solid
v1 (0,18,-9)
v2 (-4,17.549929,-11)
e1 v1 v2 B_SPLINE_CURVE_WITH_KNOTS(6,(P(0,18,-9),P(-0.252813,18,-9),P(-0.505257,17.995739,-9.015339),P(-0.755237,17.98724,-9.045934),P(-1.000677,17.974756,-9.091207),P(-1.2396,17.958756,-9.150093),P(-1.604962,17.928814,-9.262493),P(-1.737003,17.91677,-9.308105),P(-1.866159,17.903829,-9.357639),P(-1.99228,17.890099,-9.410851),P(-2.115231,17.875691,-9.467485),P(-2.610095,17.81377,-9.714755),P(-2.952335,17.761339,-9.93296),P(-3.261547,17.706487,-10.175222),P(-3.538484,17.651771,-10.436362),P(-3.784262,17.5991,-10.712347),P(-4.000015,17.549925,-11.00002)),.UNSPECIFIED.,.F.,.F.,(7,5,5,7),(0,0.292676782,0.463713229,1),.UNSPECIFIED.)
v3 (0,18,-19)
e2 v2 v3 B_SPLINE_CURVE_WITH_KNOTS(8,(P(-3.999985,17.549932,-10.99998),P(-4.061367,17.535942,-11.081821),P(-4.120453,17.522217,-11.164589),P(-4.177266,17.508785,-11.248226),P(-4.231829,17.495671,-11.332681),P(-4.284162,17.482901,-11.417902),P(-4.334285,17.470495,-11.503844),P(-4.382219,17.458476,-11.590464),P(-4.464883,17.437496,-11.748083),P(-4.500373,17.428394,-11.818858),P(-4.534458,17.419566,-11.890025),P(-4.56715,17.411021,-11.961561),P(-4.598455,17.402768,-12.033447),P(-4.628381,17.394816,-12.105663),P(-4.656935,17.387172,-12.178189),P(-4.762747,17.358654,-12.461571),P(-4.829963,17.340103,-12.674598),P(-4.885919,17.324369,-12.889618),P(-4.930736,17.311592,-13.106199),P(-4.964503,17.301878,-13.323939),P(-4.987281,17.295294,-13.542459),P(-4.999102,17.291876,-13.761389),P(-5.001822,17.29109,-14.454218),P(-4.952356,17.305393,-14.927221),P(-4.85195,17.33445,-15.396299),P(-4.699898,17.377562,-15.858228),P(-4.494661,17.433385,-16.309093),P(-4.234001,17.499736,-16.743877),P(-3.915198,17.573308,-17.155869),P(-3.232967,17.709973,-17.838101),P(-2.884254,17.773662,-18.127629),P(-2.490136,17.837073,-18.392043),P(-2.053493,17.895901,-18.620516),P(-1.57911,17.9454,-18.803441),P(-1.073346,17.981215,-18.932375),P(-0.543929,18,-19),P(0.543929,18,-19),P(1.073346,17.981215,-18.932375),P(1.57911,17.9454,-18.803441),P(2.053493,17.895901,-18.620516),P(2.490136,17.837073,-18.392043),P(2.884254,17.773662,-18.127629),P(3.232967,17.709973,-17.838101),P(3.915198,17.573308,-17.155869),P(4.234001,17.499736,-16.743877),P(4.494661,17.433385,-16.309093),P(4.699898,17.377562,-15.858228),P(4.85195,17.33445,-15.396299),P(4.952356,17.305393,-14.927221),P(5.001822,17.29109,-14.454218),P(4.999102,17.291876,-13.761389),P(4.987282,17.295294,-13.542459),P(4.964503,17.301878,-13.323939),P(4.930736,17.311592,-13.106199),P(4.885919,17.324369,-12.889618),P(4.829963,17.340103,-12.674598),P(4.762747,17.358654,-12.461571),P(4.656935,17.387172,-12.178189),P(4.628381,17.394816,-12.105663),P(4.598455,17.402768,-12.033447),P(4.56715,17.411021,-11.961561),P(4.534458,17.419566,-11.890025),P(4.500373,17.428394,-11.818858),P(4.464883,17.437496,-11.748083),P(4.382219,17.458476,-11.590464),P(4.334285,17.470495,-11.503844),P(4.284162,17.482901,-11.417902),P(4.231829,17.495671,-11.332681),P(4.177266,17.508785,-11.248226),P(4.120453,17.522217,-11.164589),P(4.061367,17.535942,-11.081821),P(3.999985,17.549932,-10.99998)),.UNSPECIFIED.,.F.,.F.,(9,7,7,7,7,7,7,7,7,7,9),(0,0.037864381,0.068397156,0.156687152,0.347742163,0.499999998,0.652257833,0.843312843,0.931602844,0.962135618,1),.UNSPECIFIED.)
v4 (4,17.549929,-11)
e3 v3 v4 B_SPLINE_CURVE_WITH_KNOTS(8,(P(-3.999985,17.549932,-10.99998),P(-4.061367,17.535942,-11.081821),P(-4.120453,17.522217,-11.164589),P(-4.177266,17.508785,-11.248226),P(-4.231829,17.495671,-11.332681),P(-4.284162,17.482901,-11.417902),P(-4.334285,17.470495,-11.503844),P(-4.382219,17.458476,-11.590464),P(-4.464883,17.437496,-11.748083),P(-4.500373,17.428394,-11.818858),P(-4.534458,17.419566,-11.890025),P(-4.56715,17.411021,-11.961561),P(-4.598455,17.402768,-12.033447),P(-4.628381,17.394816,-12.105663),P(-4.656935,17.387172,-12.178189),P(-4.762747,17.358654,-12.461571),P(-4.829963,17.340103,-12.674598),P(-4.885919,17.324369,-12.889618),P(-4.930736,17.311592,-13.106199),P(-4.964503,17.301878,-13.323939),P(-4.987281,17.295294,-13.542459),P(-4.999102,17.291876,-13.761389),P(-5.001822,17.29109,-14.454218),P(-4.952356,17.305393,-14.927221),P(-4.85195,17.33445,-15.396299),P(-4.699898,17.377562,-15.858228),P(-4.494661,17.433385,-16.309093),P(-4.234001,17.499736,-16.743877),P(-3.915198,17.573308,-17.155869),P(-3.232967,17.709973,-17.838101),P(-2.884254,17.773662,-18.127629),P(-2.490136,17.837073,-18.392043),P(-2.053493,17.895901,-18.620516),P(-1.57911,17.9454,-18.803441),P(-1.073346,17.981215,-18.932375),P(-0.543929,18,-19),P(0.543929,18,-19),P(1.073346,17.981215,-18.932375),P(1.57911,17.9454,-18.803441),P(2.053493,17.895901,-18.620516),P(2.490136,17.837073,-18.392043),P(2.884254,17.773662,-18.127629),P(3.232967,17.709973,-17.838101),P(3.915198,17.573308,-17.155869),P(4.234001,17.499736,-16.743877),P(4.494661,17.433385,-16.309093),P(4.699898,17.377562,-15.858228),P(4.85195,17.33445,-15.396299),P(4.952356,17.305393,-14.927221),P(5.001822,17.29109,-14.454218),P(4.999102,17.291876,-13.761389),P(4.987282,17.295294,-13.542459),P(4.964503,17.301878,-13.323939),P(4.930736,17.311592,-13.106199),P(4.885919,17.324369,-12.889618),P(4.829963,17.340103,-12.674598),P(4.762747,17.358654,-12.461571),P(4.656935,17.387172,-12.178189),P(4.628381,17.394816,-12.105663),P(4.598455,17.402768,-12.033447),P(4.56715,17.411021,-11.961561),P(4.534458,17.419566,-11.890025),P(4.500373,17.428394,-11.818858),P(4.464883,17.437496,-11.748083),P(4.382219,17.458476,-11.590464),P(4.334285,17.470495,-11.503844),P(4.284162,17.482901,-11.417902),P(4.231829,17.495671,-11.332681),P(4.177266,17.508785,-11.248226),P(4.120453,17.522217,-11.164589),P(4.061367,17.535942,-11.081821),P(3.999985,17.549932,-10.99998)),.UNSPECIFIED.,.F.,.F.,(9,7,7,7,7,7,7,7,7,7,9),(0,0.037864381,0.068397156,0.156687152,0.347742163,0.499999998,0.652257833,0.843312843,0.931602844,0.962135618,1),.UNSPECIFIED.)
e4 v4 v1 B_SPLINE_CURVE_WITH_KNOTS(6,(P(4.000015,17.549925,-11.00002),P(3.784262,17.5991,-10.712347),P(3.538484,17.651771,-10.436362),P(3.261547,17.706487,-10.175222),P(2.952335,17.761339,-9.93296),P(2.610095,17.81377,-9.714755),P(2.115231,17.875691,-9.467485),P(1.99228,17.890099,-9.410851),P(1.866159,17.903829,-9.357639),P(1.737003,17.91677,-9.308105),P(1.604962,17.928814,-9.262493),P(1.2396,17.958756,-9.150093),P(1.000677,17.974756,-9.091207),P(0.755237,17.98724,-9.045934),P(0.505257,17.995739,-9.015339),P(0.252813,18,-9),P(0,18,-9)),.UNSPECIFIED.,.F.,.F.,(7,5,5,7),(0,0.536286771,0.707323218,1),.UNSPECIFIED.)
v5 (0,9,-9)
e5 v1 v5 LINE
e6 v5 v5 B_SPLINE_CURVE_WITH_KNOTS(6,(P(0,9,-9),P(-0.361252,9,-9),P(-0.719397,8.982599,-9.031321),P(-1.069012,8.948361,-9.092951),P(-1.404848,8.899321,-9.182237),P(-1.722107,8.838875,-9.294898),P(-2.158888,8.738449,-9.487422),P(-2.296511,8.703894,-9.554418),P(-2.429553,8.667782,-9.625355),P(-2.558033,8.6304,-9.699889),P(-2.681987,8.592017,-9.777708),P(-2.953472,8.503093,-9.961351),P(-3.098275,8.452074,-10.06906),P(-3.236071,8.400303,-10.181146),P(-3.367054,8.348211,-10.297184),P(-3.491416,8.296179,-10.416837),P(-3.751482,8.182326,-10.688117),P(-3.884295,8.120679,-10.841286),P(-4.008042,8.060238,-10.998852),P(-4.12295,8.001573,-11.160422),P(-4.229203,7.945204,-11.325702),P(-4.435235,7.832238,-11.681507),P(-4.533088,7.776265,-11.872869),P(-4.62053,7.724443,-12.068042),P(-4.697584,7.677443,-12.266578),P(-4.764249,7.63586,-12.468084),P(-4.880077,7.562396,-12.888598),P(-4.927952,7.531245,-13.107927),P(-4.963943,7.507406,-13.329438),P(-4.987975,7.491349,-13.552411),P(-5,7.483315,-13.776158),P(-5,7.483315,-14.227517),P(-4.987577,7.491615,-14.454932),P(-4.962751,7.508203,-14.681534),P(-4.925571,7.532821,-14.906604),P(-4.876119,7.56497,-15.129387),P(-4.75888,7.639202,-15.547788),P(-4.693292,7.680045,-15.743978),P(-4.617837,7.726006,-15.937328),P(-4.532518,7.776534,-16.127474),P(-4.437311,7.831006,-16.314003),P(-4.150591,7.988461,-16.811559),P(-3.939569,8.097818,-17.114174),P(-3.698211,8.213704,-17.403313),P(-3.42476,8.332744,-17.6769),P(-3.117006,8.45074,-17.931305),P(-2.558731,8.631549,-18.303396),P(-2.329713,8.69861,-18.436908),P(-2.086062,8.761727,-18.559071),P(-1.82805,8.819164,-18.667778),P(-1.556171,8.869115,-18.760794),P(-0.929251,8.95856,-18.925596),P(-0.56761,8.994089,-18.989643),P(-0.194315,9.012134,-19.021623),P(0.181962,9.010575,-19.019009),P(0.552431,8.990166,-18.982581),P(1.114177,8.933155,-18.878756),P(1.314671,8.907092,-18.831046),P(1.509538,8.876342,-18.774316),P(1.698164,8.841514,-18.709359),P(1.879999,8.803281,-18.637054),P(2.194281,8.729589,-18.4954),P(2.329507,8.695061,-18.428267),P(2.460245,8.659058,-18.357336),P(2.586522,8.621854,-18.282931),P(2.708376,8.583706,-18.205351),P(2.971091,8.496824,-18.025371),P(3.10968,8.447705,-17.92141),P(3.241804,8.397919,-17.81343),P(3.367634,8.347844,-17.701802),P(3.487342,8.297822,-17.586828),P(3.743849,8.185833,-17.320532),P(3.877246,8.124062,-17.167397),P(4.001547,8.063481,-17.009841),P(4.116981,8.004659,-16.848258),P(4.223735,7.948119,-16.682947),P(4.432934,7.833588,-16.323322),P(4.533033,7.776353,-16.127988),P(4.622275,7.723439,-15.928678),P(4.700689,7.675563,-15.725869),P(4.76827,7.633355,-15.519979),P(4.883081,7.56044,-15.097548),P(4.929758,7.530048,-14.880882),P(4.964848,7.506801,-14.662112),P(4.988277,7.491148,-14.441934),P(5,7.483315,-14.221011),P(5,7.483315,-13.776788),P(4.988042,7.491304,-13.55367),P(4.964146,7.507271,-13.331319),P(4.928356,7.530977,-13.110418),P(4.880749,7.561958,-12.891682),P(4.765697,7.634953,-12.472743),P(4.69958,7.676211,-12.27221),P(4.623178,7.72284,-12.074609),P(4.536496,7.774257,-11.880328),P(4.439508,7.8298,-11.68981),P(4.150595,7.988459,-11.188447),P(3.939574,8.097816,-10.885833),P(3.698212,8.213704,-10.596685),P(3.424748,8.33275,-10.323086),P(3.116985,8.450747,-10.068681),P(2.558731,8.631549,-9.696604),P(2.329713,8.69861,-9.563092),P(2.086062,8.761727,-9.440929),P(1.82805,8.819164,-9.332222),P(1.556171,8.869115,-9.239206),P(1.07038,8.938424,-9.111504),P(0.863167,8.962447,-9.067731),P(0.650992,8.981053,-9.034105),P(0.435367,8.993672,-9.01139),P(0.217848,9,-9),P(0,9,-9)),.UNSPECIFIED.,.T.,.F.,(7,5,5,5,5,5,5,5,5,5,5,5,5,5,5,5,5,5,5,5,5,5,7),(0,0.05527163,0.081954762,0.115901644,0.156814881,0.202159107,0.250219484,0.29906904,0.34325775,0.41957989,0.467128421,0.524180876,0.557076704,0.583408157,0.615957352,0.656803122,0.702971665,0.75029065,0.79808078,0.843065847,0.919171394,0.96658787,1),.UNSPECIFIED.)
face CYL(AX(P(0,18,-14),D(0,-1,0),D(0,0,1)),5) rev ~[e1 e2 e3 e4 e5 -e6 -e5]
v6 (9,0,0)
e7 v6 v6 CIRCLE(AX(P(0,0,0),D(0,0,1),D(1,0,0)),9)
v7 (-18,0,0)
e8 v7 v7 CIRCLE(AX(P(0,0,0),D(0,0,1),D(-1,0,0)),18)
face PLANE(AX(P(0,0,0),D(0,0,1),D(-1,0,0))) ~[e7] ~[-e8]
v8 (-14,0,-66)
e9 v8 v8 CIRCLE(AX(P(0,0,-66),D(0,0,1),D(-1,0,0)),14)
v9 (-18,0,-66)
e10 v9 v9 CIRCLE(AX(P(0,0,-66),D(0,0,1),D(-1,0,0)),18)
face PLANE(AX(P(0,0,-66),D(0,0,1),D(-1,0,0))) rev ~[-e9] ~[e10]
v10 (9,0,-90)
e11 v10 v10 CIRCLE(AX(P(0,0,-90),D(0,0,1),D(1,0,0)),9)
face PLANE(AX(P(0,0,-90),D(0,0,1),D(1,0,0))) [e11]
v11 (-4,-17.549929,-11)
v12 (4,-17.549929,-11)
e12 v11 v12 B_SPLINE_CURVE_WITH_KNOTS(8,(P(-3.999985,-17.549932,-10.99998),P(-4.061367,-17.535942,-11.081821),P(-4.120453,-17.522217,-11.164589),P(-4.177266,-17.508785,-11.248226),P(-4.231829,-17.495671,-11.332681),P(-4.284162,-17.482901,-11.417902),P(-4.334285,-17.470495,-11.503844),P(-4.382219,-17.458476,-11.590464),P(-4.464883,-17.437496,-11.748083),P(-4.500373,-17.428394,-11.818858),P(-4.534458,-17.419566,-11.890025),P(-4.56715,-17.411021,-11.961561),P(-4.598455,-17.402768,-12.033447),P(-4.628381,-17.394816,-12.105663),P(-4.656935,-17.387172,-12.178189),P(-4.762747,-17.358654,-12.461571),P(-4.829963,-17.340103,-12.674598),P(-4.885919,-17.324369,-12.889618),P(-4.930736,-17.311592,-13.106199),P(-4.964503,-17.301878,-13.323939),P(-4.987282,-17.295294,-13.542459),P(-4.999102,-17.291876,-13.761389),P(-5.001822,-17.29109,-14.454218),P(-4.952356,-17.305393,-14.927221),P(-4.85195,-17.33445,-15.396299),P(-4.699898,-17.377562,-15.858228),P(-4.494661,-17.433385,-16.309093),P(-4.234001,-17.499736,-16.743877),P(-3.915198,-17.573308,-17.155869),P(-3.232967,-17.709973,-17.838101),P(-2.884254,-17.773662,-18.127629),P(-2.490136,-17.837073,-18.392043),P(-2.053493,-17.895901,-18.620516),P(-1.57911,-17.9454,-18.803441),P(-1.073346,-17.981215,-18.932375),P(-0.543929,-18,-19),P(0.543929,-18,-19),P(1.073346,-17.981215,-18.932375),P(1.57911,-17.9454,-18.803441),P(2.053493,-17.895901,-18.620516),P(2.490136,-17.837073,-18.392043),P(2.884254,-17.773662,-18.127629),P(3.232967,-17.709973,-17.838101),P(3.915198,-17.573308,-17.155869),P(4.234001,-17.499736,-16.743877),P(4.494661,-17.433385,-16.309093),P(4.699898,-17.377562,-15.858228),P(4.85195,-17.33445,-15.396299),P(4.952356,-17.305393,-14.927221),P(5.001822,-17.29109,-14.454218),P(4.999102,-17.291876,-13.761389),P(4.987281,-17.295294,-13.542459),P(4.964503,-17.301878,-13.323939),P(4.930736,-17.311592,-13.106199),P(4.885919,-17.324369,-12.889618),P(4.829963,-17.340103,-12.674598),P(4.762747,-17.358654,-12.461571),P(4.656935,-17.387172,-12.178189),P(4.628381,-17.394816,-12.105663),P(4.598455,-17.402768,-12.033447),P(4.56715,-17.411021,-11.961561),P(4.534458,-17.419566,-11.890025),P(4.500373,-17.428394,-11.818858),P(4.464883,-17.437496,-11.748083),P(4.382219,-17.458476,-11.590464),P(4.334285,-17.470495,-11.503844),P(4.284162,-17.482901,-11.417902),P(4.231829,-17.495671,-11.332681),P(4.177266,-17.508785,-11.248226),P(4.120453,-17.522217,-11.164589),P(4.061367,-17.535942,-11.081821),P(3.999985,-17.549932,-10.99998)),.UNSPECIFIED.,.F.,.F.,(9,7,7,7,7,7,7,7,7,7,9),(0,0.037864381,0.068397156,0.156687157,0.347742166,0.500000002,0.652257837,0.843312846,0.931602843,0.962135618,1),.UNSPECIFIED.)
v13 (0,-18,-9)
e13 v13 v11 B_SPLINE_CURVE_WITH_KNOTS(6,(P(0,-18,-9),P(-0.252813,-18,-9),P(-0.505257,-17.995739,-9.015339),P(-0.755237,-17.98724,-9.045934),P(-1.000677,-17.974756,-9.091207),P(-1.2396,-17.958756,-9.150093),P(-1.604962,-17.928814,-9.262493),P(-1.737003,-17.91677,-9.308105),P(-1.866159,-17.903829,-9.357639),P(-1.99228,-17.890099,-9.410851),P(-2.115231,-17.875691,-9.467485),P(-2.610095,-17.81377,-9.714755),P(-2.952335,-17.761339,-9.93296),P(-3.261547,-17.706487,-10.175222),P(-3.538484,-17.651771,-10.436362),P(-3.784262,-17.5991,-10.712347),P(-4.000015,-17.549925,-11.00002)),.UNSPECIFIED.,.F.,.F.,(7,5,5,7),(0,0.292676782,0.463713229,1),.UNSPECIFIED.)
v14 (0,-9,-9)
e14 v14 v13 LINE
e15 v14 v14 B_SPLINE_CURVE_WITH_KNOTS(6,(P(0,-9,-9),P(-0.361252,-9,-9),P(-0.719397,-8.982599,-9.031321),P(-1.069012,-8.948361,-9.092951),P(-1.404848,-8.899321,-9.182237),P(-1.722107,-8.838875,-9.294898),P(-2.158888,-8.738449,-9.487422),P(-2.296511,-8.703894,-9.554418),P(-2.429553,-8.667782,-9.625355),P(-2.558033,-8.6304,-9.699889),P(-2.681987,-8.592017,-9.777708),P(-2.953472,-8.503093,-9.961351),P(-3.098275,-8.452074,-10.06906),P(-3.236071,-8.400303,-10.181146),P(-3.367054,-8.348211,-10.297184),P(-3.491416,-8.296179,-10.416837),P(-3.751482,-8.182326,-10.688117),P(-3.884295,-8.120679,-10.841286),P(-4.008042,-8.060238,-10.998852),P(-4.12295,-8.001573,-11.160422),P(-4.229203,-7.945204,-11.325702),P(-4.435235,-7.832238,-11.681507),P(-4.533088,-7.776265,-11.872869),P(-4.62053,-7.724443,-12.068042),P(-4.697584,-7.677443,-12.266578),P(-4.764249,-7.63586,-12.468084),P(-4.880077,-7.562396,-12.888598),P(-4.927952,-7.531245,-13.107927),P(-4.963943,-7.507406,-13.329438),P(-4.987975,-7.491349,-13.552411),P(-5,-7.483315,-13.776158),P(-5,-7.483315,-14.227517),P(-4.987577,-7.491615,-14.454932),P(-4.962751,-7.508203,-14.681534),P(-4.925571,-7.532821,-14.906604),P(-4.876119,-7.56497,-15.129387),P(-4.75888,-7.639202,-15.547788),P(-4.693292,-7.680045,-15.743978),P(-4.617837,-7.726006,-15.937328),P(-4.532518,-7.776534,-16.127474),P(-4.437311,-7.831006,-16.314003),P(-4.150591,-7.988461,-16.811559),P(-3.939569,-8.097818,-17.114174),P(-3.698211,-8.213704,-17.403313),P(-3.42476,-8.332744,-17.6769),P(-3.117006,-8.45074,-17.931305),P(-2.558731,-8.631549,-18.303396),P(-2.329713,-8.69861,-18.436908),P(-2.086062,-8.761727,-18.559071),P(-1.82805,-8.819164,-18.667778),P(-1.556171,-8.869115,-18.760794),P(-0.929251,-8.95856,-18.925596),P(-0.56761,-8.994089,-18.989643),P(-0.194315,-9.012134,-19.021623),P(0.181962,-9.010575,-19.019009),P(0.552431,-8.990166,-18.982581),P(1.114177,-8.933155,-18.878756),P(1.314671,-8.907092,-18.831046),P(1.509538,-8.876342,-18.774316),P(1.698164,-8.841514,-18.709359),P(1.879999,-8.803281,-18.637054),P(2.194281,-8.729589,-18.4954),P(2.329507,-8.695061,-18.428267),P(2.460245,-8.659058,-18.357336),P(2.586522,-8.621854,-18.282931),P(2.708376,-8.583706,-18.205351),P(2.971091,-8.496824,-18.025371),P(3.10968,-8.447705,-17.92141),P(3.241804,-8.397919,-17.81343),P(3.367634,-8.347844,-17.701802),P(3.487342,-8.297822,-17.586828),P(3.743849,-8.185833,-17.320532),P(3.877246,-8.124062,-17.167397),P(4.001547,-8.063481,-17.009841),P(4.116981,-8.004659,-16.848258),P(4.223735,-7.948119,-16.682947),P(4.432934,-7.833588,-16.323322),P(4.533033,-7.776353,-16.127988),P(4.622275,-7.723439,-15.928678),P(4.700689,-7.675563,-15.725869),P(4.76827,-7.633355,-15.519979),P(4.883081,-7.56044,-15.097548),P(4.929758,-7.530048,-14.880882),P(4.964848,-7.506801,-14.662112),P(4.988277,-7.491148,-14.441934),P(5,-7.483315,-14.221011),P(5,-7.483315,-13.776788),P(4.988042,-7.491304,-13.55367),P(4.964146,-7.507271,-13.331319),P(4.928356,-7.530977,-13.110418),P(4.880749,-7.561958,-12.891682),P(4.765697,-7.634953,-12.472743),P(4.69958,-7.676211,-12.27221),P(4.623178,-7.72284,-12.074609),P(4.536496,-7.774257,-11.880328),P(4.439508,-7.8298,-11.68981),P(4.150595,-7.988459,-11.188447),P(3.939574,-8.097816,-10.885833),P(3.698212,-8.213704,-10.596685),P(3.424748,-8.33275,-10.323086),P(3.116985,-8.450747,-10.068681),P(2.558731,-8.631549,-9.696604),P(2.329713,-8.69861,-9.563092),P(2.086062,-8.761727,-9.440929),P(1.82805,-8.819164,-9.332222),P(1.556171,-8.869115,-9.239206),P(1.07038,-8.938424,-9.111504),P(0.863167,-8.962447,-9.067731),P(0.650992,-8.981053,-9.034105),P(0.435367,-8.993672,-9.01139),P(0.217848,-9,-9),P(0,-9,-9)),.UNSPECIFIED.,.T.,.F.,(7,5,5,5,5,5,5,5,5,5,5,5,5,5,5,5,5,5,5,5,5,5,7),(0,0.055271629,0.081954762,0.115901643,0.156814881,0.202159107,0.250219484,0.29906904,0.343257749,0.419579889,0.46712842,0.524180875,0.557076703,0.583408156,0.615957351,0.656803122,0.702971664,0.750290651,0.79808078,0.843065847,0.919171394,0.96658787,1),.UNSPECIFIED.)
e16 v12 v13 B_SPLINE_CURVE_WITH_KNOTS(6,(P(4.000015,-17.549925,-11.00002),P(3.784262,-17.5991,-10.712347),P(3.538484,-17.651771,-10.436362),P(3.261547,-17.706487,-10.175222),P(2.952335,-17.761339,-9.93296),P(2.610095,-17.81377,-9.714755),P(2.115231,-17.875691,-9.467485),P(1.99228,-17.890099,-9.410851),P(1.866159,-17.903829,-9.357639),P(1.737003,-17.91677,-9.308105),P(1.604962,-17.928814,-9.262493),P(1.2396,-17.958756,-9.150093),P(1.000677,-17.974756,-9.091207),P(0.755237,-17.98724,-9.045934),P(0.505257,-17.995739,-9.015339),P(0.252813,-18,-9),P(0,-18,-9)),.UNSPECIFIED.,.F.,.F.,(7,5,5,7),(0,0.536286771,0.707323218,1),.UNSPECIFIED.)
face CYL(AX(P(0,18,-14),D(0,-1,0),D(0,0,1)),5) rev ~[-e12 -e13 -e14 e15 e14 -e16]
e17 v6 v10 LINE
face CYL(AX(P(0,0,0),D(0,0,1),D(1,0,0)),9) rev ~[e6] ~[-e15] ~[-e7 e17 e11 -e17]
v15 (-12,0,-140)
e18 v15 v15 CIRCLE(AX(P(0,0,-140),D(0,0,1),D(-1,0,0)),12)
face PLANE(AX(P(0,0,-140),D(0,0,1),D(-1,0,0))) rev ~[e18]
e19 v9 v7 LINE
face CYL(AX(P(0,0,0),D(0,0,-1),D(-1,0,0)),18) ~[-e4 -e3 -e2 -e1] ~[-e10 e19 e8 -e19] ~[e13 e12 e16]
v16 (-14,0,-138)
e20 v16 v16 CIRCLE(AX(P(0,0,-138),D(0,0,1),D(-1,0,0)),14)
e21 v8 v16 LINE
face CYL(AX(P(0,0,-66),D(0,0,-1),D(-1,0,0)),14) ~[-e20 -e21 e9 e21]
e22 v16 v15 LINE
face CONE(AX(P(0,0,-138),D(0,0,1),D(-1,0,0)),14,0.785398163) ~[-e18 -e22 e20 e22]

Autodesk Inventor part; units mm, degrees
ref_plane "YZ Plane" through (0, 0, 0) normal (1, 0, 0) x (0, 1, 0)
ref_plane "XY Plane" through (0, 0, 0) normal (0, 0, 1) x (1, 0, 0)
sketch "Skizze1" plane through (0, 0, 0) normal (0, 1, 0) x (-1, 0, 0)
  line L0 (0, 0) -> (18, 0)
  line L1 (18, 0) -> (18, -5)
  line L2 (18, -5) -> (18, -5)
  line L3 (18, -5) -> (18, -11)
  line L4 (18, -11) -> (18, -11)
  line L5 (18, -11) -> (18, -66)
  line L6 (18, -66) -> (14, -66)
  line L7 (14, -66) -> (14, -140)
  line L8 (14, -140) -> (0, -140)
  line L9 (0, -140) -> (0, 0)
  point P0 (18, -8)
  dimension "d0" = 74
  dimension "d1" = 66
  dimension "d5" = 36
  dimension "d6" = 28
revolve "Umdrehung1" add sketch "Skizze1" angle 360 about axis through (0, 0, -140) along (0, 0, 1)
ref_plane "Arbeitsebene1" through (0, 18, 0) normal (0, 1, 0) x (-1, 0, 0)
sketch "Skizze2" plane through (0, 18, 0) normal (0, 1, 0) x (-1, 0, 0)
  point P0 (0, 0)
  point P1 (0, -14)
  dimension "d9" = 14
hole "Bohrung1" at (0, 18, -14) direction (0, -1, 0) diameter 10 end through all
sketch "Skizze3" plane through (0, 0, 0) normal (0, 0, 1) x (1, 0, 0)
  circle A0 centre (0, 0) radius 9
  dimension "d17" = 18
extrude "Extrusion1" cut sketch "Skizze3" against normal blind 90
chamfer "Fasen1" distance 2 angle 45 1 edges at (14, 0, -140)
properties part number "19"
